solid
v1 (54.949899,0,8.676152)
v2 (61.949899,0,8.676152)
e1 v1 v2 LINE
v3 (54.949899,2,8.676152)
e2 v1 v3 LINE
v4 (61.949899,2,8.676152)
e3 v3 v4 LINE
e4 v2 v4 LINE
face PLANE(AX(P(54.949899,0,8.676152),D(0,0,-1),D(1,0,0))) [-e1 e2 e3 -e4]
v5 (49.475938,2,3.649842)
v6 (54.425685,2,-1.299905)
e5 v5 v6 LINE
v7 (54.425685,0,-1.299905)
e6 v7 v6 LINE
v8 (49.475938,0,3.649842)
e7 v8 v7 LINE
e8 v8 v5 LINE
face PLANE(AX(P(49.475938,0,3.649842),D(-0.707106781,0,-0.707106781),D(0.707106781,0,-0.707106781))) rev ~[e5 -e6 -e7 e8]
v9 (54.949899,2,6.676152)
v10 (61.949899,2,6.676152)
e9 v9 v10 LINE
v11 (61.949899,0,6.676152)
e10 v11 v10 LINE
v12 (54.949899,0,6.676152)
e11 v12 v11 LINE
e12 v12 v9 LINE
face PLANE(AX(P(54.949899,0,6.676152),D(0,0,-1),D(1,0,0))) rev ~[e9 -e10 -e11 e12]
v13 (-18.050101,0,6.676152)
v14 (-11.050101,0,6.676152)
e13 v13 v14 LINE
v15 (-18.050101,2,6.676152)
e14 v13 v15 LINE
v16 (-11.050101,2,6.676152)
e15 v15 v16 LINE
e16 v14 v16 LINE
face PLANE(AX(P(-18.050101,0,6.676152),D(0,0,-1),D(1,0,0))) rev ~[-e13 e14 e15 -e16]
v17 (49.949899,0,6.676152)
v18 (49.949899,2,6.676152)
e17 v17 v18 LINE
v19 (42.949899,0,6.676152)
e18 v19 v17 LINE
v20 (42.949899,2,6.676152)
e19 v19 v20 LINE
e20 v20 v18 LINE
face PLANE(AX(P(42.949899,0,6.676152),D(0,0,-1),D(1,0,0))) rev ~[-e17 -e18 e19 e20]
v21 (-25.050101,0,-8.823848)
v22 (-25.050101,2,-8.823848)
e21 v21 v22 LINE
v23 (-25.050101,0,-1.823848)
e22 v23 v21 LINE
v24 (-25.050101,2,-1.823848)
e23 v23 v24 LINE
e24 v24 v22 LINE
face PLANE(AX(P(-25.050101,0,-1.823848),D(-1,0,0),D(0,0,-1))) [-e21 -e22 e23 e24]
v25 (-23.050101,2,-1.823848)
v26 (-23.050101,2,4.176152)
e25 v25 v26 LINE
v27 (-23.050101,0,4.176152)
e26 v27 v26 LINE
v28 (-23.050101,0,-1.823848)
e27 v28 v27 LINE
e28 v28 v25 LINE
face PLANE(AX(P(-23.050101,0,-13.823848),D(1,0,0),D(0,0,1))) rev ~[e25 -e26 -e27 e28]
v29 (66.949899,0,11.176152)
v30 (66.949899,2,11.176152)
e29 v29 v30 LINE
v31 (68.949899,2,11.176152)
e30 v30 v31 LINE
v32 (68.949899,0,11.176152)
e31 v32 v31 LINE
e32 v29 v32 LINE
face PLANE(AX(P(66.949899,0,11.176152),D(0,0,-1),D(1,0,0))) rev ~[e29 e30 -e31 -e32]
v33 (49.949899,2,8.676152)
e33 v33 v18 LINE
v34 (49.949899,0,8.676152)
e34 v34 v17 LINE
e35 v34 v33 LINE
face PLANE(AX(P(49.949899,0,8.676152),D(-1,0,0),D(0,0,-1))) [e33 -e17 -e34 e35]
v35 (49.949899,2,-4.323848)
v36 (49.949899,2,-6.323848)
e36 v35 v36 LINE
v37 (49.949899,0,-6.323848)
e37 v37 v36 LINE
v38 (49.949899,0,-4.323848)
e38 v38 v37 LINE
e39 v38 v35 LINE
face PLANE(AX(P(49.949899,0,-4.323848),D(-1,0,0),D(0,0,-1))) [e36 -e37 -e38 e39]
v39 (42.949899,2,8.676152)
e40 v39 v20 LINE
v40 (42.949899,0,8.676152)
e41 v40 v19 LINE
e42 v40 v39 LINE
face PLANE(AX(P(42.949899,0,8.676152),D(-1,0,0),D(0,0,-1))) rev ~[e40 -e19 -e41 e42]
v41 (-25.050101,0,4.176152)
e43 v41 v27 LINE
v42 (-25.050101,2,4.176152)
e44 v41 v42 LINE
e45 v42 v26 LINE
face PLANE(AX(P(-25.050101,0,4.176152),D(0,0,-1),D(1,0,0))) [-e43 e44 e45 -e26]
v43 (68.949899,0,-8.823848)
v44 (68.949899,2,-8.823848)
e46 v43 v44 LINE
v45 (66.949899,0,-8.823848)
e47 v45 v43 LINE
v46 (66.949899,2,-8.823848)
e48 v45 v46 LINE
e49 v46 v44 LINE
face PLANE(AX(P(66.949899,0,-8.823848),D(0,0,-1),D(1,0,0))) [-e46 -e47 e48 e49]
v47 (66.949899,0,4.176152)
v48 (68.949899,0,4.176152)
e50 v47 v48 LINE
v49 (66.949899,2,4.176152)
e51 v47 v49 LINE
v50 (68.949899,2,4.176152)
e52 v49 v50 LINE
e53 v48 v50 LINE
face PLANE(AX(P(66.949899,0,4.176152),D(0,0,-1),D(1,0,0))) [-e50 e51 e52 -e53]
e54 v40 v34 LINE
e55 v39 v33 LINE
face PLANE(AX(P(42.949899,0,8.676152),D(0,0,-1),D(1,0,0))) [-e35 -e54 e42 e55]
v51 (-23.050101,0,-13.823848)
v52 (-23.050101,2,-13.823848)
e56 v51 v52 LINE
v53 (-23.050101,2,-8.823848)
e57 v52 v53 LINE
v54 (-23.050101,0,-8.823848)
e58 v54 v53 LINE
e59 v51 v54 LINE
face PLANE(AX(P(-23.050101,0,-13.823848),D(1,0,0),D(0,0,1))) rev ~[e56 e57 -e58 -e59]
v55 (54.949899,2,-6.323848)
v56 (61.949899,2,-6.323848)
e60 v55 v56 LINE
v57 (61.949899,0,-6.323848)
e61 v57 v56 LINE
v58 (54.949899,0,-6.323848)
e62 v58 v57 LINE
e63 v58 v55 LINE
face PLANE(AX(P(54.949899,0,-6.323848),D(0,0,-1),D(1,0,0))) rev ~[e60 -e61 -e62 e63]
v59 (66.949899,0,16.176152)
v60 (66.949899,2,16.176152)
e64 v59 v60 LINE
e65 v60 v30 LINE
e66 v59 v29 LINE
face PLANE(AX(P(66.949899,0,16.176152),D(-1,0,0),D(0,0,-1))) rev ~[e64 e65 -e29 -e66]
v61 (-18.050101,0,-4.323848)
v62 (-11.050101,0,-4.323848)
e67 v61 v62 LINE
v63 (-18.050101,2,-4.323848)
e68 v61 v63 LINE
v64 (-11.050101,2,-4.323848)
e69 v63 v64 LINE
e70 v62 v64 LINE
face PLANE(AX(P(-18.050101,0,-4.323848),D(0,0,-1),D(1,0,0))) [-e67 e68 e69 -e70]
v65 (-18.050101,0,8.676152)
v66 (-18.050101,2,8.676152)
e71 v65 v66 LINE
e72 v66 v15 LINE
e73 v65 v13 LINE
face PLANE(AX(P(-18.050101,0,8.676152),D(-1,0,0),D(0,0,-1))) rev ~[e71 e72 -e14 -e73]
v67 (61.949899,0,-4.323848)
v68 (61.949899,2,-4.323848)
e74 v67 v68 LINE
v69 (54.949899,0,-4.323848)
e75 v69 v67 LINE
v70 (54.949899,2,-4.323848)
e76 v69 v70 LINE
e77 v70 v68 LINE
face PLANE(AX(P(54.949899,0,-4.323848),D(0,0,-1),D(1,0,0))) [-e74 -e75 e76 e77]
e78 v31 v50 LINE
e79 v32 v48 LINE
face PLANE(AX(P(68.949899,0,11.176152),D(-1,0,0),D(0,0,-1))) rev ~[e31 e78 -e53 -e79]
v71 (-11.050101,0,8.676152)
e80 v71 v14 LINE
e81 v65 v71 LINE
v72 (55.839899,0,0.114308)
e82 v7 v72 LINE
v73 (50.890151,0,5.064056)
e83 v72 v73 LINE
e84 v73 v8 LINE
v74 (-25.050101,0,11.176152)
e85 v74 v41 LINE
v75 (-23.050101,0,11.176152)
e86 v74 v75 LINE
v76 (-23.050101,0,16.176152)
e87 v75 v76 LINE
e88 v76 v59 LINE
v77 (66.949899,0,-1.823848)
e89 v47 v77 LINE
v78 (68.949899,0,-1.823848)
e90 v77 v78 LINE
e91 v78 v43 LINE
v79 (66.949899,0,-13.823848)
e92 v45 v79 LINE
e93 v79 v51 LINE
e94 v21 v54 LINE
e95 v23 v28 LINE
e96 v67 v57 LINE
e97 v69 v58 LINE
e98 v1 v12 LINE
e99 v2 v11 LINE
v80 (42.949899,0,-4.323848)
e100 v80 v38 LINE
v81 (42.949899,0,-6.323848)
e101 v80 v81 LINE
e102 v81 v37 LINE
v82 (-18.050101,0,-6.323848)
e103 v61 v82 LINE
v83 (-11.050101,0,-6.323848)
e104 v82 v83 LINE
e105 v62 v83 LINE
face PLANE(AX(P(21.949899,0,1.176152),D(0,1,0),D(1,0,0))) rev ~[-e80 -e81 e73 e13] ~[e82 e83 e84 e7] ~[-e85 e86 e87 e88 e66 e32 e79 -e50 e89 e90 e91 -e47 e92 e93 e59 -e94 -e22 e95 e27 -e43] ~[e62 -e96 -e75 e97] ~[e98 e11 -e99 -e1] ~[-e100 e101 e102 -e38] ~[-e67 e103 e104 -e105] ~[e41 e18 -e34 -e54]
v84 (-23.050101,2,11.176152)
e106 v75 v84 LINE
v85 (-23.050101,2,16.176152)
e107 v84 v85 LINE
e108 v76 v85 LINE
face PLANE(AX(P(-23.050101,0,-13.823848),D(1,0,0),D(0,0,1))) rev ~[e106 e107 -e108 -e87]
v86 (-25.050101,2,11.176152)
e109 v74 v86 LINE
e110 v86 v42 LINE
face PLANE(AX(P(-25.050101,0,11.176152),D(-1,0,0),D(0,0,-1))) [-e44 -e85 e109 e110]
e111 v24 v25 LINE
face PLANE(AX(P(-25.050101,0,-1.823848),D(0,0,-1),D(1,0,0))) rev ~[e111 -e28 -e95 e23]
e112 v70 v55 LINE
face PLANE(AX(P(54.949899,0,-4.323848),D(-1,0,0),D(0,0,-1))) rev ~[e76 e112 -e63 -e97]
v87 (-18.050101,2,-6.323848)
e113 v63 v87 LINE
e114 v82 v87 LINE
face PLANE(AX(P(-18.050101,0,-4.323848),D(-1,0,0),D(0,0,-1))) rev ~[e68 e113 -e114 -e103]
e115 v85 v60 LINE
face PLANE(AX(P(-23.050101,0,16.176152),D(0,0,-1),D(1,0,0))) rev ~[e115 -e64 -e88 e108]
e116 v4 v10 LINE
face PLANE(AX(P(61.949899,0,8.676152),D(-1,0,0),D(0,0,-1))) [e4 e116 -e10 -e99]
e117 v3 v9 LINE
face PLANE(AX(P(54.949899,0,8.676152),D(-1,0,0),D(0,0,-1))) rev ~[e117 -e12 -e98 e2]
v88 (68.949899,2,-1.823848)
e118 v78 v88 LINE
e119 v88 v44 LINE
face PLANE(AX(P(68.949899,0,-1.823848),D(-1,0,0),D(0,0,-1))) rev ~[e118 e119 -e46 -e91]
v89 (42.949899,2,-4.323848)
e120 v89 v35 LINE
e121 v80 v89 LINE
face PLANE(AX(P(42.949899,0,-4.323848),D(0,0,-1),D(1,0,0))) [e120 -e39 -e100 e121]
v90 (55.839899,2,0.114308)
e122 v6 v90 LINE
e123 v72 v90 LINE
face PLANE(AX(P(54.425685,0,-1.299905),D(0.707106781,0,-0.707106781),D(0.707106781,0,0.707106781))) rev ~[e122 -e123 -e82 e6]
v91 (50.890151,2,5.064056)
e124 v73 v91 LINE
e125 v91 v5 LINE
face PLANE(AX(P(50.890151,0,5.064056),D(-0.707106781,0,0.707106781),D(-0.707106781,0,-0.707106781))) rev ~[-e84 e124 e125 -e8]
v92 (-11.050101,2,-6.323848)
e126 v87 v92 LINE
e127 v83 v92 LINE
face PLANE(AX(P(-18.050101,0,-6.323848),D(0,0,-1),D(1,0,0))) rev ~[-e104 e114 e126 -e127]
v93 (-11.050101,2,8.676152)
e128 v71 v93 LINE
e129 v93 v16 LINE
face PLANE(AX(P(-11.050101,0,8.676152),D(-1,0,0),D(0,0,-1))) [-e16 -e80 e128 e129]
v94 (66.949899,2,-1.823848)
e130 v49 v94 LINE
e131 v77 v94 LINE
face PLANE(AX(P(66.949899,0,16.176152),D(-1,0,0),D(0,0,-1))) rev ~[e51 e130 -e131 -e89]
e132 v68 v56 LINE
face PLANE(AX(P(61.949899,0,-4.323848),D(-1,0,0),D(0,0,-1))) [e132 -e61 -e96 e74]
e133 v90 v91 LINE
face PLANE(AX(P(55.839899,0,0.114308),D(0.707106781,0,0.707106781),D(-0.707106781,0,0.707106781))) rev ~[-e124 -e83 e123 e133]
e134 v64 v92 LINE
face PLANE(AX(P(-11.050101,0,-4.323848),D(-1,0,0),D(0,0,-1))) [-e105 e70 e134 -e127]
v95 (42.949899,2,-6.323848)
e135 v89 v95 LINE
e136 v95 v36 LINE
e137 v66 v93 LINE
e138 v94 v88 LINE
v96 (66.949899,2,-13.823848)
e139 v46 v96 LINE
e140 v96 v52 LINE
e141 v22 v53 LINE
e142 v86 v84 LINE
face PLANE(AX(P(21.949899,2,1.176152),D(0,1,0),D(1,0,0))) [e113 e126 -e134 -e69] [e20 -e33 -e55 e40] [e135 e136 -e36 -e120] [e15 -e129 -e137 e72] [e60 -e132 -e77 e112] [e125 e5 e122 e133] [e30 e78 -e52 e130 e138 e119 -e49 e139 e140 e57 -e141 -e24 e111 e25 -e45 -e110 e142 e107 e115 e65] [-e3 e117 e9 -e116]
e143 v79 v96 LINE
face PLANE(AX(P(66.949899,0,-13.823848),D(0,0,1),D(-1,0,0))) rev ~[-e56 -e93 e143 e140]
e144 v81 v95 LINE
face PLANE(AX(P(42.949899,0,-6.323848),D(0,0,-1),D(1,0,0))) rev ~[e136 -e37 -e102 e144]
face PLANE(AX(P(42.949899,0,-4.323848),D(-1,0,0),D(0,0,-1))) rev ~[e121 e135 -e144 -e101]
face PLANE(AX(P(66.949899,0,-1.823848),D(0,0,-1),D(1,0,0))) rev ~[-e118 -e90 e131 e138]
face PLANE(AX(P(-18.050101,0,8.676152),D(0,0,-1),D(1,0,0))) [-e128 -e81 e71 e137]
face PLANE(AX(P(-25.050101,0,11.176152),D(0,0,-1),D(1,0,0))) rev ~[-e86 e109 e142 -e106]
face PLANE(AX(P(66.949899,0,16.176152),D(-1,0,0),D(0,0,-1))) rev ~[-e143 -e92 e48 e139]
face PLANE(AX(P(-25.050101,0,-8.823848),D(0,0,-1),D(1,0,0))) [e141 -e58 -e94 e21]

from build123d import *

# Parameters (mm, degrees)
SKETCH1_W           = 2
SKETCH1_H           = 7
SKETCH1_W_2         = 7
SKETCH1_H_2         = 2
BOSS_EXTRUDE1_DEPTH = 2


with BuildPart() as part:
    # Sketch1 → Boss-Extrude1 (new body)
    # profile 1 of 6: a face of its own
    with BuildSketch(Plane(origin=(0, 0, 0), x_dir=(1, 0, 0), z_dir=(0, 1, 0))):
        with Locations((-24.050101389, 5.323848353)):
            Rectangle(SKETCH1_W, SKETCH1_H)
    # profile 2 of 6: a face of its own
    with BuildSketch(Plane(origin=(0, 0, 0), x_dir=(1, 0, 0), z_dir=(0, 1, 0))):
        with Locations((-24.050101389, -7.676151647)):
            Rectangle(SKETCH1_W, SKETCH1_H)
    # profile 3 of 6: a face of its own
    with BuildSketch(Plane(origin=(0, 0, 0), x_dir=(1, 0, 0), z_dir=(0, 1, 0))):
        Polygon((66.949898611, 13.823848353), (-23.050101389, 13.823848353), (-23.050101389, 8.823848353), (-23.050101389, 1.823848353), (-23.050101389, -4.176151647), (-23.050101389, -11.176151647), (-23.050101389, -16.176151647), (66.949898611, -16.176151647), (66.949898611, -11.176151647), (66.949898611, -4.176151647), (66.949898611, 1.823848353), (66.949898611, 8.823848353), align=None)
        with Locations((-14.550101389, -7.676151647)):
            Rectangle(SKETCH1_W_2, SKETCH1_H_2, mode=Mode.SUBTRACT)
        with Locations((46.449898611, -7.676151647)):
            Rectangle(SKETCH1_W_2, SKETCH1_H_2, mode=Mode.SUBTRACT)
        with Locations((58.449898611, -7.676151647)):
            Rectangle(SKETCH1_W_2, SKETCH1_H_2, mode=Mode.SUBTRACT)
        Polygon((54.425685048, 1.299905334), (55.839898611, -0.114308229), (50.890151142, -5.064055697), (49.47593758, -3.649842135), align=None, mode=Mode.SUBTRACT)
        with Locations((-14.550101389, 5.323848353)):
            Rectangle(SKETCH1_W_2, SKETCH1_H_2, mode=Mode.SUBTRACT)
        with Locations((46.449898611, 5.323848353)):
            Rectangle(SKETCH1_W_2, SKETCH1_H_2, mode=Mode.SUBTRACT)
        with Locations((58.449898611, 5.323848353)):
            Rectangle(SKETCH1_W_2, SKETCH1_H_2, mode=Mode.SUBTRACT)
    # profile 4 of 6: a face of its own
    with BuildSketch(Plane(origin=(0, 0, 0), x_dir=(1, 0, 0), z_dir=(0, 1, 0))):
        with Locations((67.949898611, 5.323848353)):
            Rectangle(SKETCH1_W, SKETCH1_H)
    # profile 5 of 6: a face of its own
    with BuildSketch(Plane(origin=(0, 0, 0), x_dir=(1, 0, 0), z_dir=(0, 1, 0))):
        with Locations((67.949898611, -7.676151647)):
            Rectangle(SKETCH1_W, SKETCH1_H)
    # profile 6 of 6: a face of its own
    with BuildSketch(Plane(origin=(0, 0, 0), x_dir=(1, 0, 0), z_dir=(0, 1, 0))):
        Polygon((66.949898611, 13.823848353), (-23.050101389, 13.823848353), (-23.050101389, 8.823848353), (-23.050101389, 1.823848353), (-23.050101389, -4.176151647), (-23.050101389, -11.176151647), (-23.050101389, -16.176151647), (66.949898611, -16.176151647), (66.949898611, -11.176151647), (66.949898611, -4.176151647), (66.949898611, 1.823848353), (66.949898611, 8.823848353), align=None)
        with Locations((-14.550101389, -7.676151647)):
            Rectangle(SKETCH1_W_2, SKETCH1_H_2, mode=Mode.SUBTRACT)
        with Locations((46.449898611, -7.676151647)):
            Rectangle(SKETCH1_W_2, SKETCH1_H_2, mode=Mode.SUBTRACT)
        with Locations((58.449898611, -7.676151647)):
            Rectangle(SKETCH1_W_2, SKETCH1_H_2, mode=Mode.SUBTRACT)
        Polygon((54.425685048, 1.299905334), (55.839898611, -0.114308229), (50.890151142, -5.064055697), (49.47593758, -3.649842135), align=None, mode=Mode.SUBTRACT)
        with Locations((-14.550101389, 5.323848353)):
            Rectangle(SKETCH1_W_2, SKETCH1_H_2, mode=Mode.SUBTRACT)
        with Locations((46.449898611, 5.323848353)):
            Rectangle(SKETCH1_W_2, SKETCH1_H_2, mode=Mode.SUBTRACT)
        with Locations((58.449898611, 5.323848353)):
            Rectangle(SKETCH1_W_2, SKETCH1_H_2, mode=Mode.SUBTRACT)
    extrude(amount=BOSS_EXTRUDE1_DEPTH)


solid = part.part
